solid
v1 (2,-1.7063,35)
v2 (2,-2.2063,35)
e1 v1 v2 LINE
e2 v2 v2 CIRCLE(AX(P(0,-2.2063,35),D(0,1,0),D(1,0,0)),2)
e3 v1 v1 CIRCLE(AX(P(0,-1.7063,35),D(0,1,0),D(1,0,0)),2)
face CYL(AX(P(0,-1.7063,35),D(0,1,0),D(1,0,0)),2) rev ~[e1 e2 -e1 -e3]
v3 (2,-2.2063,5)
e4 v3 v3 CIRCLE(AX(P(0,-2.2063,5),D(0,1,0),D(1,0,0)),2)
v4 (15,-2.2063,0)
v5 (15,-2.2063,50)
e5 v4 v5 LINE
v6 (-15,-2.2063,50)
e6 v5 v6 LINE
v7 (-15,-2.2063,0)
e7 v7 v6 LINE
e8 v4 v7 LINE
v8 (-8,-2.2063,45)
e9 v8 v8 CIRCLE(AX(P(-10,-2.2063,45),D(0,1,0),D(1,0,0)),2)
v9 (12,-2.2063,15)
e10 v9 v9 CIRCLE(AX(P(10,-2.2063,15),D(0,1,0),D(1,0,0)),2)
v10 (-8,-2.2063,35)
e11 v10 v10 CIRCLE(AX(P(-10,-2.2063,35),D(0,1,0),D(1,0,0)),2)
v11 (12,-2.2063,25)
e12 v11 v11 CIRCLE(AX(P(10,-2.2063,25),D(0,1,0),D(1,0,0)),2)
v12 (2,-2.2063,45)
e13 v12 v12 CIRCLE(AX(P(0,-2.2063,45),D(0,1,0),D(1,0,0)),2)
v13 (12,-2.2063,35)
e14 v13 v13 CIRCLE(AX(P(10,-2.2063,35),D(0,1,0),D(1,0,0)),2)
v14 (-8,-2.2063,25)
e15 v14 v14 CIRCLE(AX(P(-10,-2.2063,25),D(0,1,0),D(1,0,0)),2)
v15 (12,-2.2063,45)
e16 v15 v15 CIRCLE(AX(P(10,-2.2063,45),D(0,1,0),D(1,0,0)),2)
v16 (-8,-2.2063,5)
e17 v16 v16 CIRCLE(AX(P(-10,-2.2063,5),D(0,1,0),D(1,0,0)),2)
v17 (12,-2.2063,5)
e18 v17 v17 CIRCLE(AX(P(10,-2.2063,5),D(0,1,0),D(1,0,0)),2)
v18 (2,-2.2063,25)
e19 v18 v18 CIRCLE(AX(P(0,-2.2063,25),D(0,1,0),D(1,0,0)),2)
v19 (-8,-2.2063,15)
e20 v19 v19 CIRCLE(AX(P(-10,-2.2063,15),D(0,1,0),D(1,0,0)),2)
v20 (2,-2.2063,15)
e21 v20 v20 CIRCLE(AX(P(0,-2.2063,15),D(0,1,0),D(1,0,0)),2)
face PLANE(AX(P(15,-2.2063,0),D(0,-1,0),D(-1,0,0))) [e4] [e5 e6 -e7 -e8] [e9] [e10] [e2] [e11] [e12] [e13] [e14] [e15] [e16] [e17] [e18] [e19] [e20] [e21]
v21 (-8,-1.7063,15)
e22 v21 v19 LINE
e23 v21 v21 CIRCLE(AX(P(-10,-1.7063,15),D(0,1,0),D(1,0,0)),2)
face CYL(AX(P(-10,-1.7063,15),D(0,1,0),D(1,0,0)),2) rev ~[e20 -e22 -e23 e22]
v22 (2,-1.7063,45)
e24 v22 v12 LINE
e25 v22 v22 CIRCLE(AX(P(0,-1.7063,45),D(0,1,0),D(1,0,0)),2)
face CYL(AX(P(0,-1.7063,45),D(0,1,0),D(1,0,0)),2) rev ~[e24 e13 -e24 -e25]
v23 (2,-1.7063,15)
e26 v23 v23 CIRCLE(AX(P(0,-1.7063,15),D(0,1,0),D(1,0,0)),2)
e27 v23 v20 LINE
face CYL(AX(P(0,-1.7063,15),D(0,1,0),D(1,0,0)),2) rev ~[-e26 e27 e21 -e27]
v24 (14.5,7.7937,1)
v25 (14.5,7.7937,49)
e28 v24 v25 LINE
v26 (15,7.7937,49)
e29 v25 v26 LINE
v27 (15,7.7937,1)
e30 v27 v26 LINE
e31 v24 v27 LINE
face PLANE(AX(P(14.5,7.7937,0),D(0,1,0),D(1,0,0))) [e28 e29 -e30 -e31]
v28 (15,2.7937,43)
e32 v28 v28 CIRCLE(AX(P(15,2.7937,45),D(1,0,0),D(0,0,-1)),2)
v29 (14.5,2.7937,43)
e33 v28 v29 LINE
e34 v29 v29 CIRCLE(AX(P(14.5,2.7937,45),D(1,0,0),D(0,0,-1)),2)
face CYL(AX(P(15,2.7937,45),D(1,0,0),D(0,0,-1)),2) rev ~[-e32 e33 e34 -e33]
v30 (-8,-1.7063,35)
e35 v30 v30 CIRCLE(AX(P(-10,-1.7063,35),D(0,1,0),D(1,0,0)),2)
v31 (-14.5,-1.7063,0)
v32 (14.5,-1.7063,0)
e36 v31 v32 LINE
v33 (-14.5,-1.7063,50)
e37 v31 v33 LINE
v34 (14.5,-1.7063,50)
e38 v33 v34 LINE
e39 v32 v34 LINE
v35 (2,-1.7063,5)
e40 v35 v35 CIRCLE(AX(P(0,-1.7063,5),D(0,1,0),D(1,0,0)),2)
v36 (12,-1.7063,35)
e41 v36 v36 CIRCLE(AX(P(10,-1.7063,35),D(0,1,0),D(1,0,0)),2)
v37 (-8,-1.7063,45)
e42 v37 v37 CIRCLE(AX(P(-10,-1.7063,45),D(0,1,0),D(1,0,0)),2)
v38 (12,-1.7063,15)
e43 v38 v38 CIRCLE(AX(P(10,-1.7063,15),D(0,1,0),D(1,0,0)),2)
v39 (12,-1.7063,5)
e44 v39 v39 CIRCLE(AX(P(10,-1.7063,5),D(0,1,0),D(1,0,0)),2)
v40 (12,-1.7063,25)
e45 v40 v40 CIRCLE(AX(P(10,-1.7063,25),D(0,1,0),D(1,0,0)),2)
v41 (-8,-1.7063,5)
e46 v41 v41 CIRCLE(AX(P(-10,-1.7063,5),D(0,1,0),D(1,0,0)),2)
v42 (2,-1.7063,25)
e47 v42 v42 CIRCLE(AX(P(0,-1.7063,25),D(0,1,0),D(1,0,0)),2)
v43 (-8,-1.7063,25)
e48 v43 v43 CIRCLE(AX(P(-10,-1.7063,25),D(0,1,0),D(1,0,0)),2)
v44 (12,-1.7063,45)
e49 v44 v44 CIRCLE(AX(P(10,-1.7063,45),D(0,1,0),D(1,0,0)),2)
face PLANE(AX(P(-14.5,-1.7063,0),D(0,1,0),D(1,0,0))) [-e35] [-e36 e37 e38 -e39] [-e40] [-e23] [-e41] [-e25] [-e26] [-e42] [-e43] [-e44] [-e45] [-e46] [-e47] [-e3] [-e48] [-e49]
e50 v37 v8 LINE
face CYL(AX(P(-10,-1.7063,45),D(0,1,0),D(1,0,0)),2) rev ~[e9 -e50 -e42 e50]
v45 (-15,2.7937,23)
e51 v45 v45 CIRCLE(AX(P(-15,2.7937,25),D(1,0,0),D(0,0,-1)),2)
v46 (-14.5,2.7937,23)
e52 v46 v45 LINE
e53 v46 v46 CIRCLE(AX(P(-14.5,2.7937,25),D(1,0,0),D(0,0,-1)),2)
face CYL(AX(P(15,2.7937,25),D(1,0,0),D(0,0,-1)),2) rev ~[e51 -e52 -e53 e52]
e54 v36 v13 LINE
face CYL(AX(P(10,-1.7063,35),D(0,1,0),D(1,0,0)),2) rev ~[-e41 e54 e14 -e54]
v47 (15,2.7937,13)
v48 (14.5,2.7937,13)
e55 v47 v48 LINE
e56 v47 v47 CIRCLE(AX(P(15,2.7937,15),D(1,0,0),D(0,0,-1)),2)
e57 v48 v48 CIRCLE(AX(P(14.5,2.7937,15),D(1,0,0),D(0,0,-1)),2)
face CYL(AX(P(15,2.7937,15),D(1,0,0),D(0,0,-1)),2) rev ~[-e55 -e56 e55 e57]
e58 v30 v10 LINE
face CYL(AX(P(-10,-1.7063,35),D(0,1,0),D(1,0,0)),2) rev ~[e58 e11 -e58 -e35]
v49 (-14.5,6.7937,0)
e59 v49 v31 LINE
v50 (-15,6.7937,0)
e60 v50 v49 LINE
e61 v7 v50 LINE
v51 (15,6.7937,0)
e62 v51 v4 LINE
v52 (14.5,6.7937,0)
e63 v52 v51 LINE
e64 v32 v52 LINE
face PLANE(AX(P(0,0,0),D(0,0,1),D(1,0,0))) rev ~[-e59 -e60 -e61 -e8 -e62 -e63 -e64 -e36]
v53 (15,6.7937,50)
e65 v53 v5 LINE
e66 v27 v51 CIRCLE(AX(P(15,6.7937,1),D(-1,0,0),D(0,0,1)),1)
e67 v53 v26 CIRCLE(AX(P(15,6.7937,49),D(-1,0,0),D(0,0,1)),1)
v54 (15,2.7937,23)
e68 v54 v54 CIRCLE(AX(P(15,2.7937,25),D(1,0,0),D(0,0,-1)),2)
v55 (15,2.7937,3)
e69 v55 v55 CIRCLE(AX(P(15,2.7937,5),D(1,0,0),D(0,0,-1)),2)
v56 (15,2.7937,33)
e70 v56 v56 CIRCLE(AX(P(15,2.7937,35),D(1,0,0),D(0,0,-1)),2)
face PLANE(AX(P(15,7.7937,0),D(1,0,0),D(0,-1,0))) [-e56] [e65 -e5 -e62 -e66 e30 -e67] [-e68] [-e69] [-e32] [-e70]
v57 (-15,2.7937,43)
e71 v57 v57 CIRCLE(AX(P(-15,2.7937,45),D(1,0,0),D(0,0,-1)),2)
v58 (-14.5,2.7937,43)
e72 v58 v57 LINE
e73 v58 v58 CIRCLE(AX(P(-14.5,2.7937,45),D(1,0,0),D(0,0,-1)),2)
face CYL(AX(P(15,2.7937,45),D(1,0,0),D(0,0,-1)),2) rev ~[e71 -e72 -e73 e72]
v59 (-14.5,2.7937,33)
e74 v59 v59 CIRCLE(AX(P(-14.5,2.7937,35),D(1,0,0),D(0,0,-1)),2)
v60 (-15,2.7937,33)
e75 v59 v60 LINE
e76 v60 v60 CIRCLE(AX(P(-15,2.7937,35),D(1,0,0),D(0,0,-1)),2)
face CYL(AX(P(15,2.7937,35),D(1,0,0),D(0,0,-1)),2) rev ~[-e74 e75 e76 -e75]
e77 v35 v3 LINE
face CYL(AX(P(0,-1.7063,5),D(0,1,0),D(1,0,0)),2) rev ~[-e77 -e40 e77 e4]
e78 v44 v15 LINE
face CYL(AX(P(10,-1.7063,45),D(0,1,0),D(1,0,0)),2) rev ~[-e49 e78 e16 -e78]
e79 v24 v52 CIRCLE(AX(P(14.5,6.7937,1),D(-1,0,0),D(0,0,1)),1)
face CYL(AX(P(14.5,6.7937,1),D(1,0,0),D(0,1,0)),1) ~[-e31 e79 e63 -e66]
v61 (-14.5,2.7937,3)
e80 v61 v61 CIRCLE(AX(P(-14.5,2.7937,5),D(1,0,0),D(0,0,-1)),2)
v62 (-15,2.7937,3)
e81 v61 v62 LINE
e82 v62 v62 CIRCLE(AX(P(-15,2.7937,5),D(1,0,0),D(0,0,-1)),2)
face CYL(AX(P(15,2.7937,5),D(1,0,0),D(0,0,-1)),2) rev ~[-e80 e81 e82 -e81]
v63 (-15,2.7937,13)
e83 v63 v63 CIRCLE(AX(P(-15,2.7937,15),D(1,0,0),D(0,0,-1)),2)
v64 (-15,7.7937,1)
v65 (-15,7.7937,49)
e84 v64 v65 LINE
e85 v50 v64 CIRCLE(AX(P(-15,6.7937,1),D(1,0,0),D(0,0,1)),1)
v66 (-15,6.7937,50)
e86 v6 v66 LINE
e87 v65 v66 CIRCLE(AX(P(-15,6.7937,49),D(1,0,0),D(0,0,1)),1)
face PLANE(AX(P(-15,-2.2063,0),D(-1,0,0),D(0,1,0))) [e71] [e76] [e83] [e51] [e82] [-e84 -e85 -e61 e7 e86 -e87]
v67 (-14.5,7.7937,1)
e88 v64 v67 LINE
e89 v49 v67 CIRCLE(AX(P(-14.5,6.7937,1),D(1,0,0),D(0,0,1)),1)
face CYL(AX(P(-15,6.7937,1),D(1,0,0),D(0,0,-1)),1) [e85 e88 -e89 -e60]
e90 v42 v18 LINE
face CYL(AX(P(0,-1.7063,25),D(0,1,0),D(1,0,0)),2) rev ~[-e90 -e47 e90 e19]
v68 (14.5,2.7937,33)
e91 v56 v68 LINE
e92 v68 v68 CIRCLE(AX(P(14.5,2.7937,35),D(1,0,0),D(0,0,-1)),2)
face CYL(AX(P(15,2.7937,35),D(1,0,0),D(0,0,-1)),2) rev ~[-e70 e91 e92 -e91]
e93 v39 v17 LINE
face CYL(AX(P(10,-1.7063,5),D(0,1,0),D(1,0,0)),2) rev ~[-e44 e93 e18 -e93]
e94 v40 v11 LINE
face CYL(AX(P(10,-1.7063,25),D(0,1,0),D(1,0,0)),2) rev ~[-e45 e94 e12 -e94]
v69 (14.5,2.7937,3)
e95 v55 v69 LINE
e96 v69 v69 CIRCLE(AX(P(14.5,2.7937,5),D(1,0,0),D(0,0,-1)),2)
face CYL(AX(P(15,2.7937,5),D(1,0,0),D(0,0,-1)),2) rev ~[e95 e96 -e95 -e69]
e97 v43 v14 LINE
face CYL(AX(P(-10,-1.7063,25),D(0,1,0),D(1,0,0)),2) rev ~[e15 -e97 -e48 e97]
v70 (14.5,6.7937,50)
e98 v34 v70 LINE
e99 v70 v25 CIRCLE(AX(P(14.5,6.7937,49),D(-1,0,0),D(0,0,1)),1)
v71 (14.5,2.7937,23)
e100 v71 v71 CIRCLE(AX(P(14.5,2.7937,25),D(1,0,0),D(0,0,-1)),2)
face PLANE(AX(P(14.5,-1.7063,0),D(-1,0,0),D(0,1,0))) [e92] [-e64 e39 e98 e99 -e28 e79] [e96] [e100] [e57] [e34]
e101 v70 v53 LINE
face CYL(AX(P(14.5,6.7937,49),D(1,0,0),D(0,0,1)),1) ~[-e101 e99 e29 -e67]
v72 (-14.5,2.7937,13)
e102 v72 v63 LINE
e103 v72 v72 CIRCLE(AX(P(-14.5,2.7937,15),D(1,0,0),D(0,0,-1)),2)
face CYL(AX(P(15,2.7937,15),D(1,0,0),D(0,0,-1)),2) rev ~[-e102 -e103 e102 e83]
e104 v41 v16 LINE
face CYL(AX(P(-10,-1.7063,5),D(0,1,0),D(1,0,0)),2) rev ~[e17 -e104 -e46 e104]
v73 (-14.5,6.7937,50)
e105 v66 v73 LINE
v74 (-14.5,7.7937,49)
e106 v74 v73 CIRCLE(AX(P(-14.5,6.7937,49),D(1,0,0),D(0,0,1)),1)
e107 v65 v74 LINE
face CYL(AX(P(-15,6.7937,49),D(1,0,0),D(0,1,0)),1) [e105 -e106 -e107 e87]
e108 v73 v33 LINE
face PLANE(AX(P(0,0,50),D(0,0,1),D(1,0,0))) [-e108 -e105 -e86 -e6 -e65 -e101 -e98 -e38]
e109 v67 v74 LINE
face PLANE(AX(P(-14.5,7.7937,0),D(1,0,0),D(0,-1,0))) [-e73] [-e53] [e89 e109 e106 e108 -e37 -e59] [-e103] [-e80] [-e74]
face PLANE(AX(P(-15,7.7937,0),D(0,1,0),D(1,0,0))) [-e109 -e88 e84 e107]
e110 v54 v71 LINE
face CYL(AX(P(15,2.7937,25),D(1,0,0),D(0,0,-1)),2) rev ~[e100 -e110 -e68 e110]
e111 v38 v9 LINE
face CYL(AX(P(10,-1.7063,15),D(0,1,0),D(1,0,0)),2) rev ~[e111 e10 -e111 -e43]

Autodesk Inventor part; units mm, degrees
ref_plane "YZ Plane" through (0, 0, 0) normal (1, 0, 0) x (0, 1, 0)
ref_plane "XZ Plane" through (0, 0, 0) normal (0, 1, 0) x (-1, 0, 0)
ref_plane "XY Plane" through (0, 0, 0) normal (0, 0, 1) x (1, 0, 0)
sketch "Náčrt1" plane through (0, 0, 0) normal (0, 0, 1) x (1, 0, 0)
  line L0 (-14.5, 7.7937) -> (-14.5, -1.7063)
  line L1 (-14.5, -1.7063) -> (14.5, -1.7063)
  line L2 (14.5, -1.7063) -> (14.5, 7.7937)
  line L3 (14.5, 7.7937) -> (15, 7.7937)
  line L4 (15, 7.7937) -> (15, -2.2063)
  line L5 (15, -2.2063) -> (-15, -2.2063)
  line L6 (-15, -2.2063) -> (-15, 7.7937)
  line L7 (-15, 7.7937) -> (-14.5, 7.7937)
  point P0 (0, 0)
  point P1 (14.5, 3.0437)
  point P2 (-14.75, 7.7937)
  point P3 (14.75, 7.7937)
  dimension "d0" = 15
  dimension "d1" = 15
  dimension "d2" = 0.5
  dimension "d3" = 0.5
  dimension "d4" = 0.5
  dimension "d5" = 10
  dimension "d6" = 10
extrude "Vysunutí1" add sketch "Náčrt1" along normal blind 50
sketch "Náčrt2" plane through (15, -2.2063, 0) normal (1, 0, 0) x (0, 0, -1)
  circle A0 centre (-5, 5) radius 2
  line L0 (0, 0) -> (0, 10) projected
  point P0 (0, 2.2063)
  point P1 (0, 5)
  dimension "d9" = 4
  dimension "d10" = 5
extrude "Vysunutí2" cut sketch "Náčrt2" against normal through all
pattern_linear "Obdélníkové pole1" count 10 spacing 10 along (0, 0, 1) of "Vysunutí2"
sketch "Náčrt3" plane through (-14.5, -1.7063, 0) normal (0, 1, 0) x (1, 0, 0)
  circle A0 centre (4.5, -45) radius 2
  line L0 (29, -50) -> (0, -50) projected
  line L1 (-0.5, 0) -> (-0.5, -50) projected
  point P0 (14.5, 0)
  dimension "d16" = 4
  dimension "d17" = 5
  dimension "d18" = 5
extrude "Vysunutí3" cut sketch "Náčrt3" against normal through all
pattern_linear "Obdélníkové pole2" count 10 spacing 10 along (0, 0, -1) count 5 spacing 10 along (1, 0, 0) of "Vysunutí3"
fillet "Zaoblení1" radius 1 1 edges at (-14.75, 7.7937, 50)
fillet "Zaoblení2" radius 1 1 edges at (14.75, 7.7937, 50)
fillet "Zaoblení3" radius 1 2 edges at (14.75, 7.7937, 0) (-14.75, 7.7937, 0)
properties part number "1024 modra"
